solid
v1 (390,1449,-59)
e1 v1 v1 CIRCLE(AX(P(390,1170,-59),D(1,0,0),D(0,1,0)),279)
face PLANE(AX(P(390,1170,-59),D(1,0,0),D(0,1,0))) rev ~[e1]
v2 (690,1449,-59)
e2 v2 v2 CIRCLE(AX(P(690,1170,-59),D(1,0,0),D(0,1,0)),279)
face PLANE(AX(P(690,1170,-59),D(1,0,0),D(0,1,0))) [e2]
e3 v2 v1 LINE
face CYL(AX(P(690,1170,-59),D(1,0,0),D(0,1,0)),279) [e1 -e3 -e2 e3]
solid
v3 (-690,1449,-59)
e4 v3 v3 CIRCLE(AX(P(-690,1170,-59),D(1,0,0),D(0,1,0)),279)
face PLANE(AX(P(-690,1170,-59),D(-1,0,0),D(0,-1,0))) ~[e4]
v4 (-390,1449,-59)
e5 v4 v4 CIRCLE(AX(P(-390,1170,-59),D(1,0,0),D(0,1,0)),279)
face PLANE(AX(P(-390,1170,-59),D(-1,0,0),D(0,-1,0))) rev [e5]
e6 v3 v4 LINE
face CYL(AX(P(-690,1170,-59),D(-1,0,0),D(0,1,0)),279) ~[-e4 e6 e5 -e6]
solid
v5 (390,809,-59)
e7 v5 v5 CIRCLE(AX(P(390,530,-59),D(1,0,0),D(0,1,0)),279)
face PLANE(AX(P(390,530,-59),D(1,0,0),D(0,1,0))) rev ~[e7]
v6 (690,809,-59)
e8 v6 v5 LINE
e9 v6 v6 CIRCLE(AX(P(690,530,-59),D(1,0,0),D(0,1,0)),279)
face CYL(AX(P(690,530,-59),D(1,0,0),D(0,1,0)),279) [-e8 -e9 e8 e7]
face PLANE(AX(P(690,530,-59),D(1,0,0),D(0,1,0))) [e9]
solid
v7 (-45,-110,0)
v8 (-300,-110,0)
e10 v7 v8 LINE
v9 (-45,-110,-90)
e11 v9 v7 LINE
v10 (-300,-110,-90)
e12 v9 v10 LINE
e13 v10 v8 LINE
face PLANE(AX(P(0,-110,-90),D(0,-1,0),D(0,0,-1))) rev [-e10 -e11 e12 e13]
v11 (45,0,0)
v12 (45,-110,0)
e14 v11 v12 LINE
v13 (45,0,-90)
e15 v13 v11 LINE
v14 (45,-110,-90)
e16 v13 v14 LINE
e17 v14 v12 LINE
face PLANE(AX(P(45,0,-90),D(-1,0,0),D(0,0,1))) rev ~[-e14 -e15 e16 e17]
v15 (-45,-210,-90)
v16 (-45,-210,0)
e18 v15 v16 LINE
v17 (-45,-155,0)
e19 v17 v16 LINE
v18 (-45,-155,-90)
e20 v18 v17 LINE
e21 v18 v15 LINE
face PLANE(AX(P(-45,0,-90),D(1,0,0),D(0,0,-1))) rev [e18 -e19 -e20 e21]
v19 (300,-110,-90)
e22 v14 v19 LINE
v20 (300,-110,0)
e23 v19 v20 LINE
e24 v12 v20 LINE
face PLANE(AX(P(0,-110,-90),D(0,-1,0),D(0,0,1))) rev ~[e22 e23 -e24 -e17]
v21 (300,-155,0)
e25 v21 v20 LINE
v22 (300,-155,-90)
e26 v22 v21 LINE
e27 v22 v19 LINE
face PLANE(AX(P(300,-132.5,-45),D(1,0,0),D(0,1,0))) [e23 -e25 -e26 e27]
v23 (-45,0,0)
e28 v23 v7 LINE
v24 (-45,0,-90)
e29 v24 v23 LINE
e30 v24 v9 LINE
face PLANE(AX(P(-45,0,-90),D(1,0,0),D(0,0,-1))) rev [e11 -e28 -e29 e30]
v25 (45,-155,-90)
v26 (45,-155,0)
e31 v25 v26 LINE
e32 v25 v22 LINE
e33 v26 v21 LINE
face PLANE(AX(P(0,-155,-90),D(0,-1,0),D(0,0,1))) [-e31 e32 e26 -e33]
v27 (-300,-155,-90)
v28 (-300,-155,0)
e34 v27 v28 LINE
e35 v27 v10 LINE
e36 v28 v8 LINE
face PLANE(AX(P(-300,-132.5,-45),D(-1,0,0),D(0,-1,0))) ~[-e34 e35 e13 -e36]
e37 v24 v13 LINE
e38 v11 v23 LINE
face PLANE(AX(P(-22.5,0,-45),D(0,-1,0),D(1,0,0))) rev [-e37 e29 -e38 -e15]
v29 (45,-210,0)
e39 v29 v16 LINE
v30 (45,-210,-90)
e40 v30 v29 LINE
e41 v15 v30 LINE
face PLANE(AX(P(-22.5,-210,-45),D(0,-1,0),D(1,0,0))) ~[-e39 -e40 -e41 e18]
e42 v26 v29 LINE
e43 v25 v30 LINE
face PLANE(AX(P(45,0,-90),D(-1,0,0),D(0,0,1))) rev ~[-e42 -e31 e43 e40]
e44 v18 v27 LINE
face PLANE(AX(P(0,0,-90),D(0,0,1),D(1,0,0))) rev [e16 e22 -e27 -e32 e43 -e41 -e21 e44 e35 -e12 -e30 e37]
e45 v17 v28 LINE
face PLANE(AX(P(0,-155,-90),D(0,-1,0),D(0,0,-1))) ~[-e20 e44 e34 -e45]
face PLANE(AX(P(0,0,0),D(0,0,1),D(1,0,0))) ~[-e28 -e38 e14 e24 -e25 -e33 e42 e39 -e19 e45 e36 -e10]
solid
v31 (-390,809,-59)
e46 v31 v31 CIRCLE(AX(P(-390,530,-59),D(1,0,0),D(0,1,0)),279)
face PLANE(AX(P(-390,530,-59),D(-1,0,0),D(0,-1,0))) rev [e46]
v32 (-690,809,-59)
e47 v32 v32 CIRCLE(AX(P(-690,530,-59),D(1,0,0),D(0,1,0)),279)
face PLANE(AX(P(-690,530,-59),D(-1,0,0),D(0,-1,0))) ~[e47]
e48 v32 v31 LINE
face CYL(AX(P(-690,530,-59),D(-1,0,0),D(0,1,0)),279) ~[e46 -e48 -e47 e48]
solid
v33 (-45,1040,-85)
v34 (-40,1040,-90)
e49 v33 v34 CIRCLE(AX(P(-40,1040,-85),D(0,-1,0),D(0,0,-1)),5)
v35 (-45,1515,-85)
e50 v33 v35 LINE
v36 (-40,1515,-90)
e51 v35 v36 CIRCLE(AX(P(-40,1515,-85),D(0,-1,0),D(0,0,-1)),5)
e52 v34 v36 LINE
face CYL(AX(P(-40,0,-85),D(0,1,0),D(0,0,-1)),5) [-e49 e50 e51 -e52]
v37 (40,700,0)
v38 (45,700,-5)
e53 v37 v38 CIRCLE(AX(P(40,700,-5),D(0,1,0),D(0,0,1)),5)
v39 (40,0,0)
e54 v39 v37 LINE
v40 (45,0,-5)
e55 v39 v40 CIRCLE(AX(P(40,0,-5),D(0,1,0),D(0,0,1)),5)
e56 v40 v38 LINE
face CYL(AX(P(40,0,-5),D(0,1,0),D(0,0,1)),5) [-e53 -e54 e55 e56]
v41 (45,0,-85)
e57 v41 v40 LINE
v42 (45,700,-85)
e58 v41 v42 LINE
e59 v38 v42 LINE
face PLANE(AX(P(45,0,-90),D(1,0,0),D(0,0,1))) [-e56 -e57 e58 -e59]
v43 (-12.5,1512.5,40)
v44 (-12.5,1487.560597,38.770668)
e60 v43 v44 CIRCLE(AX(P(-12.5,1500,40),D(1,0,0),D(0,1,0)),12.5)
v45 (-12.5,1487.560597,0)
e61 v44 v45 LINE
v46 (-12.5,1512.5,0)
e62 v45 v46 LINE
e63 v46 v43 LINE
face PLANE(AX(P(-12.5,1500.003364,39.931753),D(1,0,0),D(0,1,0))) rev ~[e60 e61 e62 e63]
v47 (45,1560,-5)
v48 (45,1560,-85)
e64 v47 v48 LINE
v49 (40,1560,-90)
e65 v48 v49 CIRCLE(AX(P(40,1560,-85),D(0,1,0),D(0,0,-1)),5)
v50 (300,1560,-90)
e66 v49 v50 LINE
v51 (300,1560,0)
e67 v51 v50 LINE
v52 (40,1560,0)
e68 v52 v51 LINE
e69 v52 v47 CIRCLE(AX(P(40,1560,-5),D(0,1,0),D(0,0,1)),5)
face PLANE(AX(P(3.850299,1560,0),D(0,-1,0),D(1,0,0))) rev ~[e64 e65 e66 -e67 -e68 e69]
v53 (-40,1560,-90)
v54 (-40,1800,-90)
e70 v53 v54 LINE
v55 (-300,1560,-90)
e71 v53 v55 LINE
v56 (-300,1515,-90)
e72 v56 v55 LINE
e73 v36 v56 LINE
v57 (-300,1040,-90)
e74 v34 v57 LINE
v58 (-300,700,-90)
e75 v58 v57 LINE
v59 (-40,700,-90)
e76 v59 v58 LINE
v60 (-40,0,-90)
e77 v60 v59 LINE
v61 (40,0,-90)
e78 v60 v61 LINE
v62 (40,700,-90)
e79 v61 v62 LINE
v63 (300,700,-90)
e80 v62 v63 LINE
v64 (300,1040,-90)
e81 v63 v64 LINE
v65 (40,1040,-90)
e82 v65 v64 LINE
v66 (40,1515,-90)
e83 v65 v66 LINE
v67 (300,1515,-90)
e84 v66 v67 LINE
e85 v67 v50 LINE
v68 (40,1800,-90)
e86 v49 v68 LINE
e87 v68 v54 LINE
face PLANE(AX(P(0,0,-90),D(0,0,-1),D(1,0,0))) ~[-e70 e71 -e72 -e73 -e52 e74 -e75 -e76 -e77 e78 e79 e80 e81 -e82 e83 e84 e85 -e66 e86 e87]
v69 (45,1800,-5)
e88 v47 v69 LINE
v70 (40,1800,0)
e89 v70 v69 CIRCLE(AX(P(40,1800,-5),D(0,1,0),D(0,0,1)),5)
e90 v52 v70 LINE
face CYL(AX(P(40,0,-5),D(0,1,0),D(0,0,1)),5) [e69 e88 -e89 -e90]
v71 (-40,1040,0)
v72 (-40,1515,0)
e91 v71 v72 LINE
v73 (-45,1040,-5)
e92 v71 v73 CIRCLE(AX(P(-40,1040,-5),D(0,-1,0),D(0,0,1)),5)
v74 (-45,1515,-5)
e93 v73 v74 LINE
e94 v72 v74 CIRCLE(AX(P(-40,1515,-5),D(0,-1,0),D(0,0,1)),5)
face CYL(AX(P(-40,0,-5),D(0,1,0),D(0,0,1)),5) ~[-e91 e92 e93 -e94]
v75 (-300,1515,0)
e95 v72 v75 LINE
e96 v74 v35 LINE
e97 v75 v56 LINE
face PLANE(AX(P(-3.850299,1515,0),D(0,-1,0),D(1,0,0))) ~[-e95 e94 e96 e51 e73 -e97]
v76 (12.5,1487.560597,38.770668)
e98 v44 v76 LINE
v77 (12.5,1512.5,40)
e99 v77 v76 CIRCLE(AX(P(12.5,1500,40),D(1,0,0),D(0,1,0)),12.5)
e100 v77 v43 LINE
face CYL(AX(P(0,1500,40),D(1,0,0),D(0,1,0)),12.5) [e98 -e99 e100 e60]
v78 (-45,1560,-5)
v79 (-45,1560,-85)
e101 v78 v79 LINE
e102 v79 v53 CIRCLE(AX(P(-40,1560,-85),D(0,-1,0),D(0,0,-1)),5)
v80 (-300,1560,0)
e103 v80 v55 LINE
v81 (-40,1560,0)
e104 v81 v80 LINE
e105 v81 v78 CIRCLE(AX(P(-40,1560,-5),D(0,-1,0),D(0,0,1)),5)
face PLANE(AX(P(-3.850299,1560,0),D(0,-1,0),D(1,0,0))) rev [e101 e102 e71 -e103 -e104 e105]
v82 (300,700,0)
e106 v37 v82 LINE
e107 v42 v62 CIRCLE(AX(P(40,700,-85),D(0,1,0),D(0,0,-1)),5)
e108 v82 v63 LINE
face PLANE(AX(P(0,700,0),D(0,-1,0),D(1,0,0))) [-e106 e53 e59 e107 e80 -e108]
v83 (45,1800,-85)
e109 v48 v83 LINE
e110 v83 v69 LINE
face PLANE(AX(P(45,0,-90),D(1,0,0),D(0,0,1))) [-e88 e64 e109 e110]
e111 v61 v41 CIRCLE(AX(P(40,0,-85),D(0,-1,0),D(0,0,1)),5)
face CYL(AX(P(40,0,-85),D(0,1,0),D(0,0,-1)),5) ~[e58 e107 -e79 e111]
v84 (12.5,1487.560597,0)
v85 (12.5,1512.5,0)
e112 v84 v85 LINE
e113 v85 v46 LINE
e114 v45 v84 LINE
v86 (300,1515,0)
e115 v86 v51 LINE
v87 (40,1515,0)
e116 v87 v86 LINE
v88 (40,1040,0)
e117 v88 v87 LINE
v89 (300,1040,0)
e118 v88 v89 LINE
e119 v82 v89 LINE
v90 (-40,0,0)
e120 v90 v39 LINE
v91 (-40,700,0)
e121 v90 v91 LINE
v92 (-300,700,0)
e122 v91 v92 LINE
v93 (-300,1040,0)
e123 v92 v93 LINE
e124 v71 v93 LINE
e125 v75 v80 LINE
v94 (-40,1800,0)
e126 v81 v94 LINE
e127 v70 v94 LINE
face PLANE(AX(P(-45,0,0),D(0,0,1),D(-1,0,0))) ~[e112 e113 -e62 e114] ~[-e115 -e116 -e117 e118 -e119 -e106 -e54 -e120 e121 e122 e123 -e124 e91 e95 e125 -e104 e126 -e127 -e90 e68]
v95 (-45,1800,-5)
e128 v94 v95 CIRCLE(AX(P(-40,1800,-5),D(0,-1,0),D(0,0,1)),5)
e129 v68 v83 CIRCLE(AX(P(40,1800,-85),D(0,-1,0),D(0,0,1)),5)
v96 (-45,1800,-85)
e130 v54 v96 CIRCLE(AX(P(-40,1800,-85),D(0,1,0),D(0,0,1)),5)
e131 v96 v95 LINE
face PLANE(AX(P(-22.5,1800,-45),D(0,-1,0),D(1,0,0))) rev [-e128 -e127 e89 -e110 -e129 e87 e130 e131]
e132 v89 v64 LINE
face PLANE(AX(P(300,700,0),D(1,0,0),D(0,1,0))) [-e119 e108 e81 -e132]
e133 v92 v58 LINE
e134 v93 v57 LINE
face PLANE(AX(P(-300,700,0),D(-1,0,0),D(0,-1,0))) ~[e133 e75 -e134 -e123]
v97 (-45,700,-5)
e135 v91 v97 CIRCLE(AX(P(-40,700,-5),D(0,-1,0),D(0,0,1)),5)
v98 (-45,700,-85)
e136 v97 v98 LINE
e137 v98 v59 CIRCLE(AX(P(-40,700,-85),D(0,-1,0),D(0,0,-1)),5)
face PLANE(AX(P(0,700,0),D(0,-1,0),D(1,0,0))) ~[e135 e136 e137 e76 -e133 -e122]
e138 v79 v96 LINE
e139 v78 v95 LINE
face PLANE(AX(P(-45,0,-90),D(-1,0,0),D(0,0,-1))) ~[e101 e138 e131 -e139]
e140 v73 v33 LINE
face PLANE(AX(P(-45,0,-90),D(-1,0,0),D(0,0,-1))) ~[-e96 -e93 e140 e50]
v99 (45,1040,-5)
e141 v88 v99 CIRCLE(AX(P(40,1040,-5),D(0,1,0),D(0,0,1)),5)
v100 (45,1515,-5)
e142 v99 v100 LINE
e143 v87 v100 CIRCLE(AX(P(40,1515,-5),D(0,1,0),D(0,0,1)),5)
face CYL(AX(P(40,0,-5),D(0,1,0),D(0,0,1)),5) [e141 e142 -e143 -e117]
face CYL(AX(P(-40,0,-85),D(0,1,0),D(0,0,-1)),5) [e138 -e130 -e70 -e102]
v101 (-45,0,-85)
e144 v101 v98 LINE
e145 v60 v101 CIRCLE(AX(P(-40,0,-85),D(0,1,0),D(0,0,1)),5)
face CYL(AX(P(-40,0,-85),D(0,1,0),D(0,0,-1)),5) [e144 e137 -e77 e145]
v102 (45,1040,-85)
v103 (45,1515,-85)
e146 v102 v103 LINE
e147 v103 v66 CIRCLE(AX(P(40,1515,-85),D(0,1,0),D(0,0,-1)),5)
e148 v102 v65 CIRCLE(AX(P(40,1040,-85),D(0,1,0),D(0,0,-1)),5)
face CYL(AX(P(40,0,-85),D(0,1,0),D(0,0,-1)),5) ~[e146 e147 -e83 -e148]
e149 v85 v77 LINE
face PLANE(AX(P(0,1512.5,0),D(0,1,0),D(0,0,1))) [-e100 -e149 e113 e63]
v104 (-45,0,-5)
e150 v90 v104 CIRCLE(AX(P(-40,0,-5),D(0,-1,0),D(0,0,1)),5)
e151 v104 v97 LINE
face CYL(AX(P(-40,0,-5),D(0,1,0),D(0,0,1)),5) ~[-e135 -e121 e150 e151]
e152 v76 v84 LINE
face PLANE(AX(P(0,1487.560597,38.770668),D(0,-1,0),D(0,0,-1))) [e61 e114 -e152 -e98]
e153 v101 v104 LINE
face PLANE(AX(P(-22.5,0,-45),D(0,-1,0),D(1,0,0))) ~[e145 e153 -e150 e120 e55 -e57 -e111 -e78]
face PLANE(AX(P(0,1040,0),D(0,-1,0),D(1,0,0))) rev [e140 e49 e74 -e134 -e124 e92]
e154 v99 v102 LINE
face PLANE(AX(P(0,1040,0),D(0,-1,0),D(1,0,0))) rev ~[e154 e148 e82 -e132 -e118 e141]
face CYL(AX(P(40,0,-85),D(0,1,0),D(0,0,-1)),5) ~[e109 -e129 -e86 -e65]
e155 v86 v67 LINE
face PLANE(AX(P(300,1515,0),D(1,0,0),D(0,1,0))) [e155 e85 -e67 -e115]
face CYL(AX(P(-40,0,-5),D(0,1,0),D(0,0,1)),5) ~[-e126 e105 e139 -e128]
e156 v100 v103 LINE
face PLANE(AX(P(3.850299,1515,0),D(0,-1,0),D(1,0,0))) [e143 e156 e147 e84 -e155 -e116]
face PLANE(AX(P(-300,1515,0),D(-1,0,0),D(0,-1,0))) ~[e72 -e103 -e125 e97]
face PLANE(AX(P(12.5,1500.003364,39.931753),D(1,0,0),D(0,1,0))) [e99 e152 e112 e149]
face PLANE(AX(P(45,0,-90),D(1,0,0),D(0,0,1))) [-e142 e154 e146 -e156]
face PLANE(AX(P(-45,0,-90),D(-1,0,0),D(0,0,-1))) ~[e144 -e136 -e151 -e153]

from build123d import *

# Parameters (mm, degrees)
F1_DEPTH  = 1800
F2_R      = 5
F3_W      = 296.1497008801
F3_H      = 45
F4_DEPTH  = 90
F5_W      = 300
F5_H      = 340
F6_DEPTH  = 90
F8_R      = 279
F9_DEPTH  = 300
F12_W     = 45
F12_H     = 90
F13_DEPTH = 210
F14_W     = 45
F14_H     = 90
F15_DEPTH = 300
F18_DEPTH = 12.5


with BuildPart() as f1:
    # F0 (on Front) → F1 (new body)
    with BuildSketch(Plane.XZ):
        Polygon((45, -89.4697085023), (45, 0), (0, 0), (0, -90), (45, -90), align=None)
    extrude(amount=-F1_DEPTH)

    # F2
    f2_edges = [f1.edges().sort_by_distance(p)[0] for p in [
        (45, 900, 0),
        (45, 900, -90),
    ]]
    fillet(f2_edges, radius=F2_R)

    # F3 (on Top) → F4 (join)
    with BuildSketch(Plane.XY):
        with Locations((151.92514956, 1537.5)):
            Rectangle(F3_W, F3_H)
    extrude(amount=-F4_DEPTH)

    # F5 (on Top) → F6 (join)
    with BuildSketch(Plane.XY):
        with Locations((150, 870)):
            Rectangle(F5_W, F5_H)
    extrude(amount=-F6_DEPTH)

    # F10: F1 across plane


with BuildPart() as f9:
    # F8 (on offset) → F9 (new body)
    with BuildSketch(Plane.YZ.offset(690)):
        with Locations((530, -59)):
            Circle(F8_R)
    extrude(amount=-F9_DEPTH)


with BuildPart() as f9b:
    # F8 (on offset) → F9, piece 2 (new body)
    with BuildSketch(Plane.YZ.offset(690)):
        with Locations((1170, -59)):
            Circle(F8_R)
    extrude(amount=-F9_DEPTH)


with BuildPart() as f1_1:
    add(f1.part)
    add(f1.part.mirror(Plane.YZ))

    # F17 (on Right) → F18 (join, symmetric)
    with BuildSketch(Plane.YZ):
        with BuildLine():
            ThreePointArc((1487.5605972138, 38.7706675292), (1500.6154125336, 27.5151584947), (1512.5, 40))
            ThreePointArc((1512.5, 40), (1499.3845874664, 52.4848415053), (1487.5605972138, 38.7706675292))
        make_face()
        with BuildLine():
            Line((1512.5, 0), (1512.5, 40))
            ThreePointArc((1512.5, 40), (1500.6154125336, 27.5151584947), (1487.5605972138, 38.7706675292))
            Line((1487.5605972138, 38.7706675292), (1487.5605972138, 0))
            Line((1487.5605972138, 0), (1512.5, 0))
        make_face()
    extrude(amount=F18_DEPTH, both=True)


with BuildPart() as f11_1:
    # F11: instance of F9b
    add(f9b.part.mirror(Plane.YZ))


with BuildPart() as f11_2:
    # F11: instance of F9
    add(f9.part.mirror(Plane.YZ))


with BuildPart() as f13:
    # F12 (on Front) → F13 (new body)
    with BuildSketch(Plane.XZ):
        with Locations((22.5, -45)):
            Rectangle(F12_W, F12_H)
    extrude(amount=F13_DEPTH)

    # F14 (on Right) → F15 (join)
    with BuildSketch(Plane.YZ):
        with Locations((-132.5, -45)):
            Rectangle(F14_W, F14_H)
    extrude(amount=F15_DEPTH)

    # F16: F13 across plane


with BuildPart() as f13_1:
    add(f13.part)
    add(f13.part.mirror(Plane.YZ))


solid = Compound([f9.part, f9b.part, f1_1.part, f11_1.part, f11_2.part, f13_1.part])
